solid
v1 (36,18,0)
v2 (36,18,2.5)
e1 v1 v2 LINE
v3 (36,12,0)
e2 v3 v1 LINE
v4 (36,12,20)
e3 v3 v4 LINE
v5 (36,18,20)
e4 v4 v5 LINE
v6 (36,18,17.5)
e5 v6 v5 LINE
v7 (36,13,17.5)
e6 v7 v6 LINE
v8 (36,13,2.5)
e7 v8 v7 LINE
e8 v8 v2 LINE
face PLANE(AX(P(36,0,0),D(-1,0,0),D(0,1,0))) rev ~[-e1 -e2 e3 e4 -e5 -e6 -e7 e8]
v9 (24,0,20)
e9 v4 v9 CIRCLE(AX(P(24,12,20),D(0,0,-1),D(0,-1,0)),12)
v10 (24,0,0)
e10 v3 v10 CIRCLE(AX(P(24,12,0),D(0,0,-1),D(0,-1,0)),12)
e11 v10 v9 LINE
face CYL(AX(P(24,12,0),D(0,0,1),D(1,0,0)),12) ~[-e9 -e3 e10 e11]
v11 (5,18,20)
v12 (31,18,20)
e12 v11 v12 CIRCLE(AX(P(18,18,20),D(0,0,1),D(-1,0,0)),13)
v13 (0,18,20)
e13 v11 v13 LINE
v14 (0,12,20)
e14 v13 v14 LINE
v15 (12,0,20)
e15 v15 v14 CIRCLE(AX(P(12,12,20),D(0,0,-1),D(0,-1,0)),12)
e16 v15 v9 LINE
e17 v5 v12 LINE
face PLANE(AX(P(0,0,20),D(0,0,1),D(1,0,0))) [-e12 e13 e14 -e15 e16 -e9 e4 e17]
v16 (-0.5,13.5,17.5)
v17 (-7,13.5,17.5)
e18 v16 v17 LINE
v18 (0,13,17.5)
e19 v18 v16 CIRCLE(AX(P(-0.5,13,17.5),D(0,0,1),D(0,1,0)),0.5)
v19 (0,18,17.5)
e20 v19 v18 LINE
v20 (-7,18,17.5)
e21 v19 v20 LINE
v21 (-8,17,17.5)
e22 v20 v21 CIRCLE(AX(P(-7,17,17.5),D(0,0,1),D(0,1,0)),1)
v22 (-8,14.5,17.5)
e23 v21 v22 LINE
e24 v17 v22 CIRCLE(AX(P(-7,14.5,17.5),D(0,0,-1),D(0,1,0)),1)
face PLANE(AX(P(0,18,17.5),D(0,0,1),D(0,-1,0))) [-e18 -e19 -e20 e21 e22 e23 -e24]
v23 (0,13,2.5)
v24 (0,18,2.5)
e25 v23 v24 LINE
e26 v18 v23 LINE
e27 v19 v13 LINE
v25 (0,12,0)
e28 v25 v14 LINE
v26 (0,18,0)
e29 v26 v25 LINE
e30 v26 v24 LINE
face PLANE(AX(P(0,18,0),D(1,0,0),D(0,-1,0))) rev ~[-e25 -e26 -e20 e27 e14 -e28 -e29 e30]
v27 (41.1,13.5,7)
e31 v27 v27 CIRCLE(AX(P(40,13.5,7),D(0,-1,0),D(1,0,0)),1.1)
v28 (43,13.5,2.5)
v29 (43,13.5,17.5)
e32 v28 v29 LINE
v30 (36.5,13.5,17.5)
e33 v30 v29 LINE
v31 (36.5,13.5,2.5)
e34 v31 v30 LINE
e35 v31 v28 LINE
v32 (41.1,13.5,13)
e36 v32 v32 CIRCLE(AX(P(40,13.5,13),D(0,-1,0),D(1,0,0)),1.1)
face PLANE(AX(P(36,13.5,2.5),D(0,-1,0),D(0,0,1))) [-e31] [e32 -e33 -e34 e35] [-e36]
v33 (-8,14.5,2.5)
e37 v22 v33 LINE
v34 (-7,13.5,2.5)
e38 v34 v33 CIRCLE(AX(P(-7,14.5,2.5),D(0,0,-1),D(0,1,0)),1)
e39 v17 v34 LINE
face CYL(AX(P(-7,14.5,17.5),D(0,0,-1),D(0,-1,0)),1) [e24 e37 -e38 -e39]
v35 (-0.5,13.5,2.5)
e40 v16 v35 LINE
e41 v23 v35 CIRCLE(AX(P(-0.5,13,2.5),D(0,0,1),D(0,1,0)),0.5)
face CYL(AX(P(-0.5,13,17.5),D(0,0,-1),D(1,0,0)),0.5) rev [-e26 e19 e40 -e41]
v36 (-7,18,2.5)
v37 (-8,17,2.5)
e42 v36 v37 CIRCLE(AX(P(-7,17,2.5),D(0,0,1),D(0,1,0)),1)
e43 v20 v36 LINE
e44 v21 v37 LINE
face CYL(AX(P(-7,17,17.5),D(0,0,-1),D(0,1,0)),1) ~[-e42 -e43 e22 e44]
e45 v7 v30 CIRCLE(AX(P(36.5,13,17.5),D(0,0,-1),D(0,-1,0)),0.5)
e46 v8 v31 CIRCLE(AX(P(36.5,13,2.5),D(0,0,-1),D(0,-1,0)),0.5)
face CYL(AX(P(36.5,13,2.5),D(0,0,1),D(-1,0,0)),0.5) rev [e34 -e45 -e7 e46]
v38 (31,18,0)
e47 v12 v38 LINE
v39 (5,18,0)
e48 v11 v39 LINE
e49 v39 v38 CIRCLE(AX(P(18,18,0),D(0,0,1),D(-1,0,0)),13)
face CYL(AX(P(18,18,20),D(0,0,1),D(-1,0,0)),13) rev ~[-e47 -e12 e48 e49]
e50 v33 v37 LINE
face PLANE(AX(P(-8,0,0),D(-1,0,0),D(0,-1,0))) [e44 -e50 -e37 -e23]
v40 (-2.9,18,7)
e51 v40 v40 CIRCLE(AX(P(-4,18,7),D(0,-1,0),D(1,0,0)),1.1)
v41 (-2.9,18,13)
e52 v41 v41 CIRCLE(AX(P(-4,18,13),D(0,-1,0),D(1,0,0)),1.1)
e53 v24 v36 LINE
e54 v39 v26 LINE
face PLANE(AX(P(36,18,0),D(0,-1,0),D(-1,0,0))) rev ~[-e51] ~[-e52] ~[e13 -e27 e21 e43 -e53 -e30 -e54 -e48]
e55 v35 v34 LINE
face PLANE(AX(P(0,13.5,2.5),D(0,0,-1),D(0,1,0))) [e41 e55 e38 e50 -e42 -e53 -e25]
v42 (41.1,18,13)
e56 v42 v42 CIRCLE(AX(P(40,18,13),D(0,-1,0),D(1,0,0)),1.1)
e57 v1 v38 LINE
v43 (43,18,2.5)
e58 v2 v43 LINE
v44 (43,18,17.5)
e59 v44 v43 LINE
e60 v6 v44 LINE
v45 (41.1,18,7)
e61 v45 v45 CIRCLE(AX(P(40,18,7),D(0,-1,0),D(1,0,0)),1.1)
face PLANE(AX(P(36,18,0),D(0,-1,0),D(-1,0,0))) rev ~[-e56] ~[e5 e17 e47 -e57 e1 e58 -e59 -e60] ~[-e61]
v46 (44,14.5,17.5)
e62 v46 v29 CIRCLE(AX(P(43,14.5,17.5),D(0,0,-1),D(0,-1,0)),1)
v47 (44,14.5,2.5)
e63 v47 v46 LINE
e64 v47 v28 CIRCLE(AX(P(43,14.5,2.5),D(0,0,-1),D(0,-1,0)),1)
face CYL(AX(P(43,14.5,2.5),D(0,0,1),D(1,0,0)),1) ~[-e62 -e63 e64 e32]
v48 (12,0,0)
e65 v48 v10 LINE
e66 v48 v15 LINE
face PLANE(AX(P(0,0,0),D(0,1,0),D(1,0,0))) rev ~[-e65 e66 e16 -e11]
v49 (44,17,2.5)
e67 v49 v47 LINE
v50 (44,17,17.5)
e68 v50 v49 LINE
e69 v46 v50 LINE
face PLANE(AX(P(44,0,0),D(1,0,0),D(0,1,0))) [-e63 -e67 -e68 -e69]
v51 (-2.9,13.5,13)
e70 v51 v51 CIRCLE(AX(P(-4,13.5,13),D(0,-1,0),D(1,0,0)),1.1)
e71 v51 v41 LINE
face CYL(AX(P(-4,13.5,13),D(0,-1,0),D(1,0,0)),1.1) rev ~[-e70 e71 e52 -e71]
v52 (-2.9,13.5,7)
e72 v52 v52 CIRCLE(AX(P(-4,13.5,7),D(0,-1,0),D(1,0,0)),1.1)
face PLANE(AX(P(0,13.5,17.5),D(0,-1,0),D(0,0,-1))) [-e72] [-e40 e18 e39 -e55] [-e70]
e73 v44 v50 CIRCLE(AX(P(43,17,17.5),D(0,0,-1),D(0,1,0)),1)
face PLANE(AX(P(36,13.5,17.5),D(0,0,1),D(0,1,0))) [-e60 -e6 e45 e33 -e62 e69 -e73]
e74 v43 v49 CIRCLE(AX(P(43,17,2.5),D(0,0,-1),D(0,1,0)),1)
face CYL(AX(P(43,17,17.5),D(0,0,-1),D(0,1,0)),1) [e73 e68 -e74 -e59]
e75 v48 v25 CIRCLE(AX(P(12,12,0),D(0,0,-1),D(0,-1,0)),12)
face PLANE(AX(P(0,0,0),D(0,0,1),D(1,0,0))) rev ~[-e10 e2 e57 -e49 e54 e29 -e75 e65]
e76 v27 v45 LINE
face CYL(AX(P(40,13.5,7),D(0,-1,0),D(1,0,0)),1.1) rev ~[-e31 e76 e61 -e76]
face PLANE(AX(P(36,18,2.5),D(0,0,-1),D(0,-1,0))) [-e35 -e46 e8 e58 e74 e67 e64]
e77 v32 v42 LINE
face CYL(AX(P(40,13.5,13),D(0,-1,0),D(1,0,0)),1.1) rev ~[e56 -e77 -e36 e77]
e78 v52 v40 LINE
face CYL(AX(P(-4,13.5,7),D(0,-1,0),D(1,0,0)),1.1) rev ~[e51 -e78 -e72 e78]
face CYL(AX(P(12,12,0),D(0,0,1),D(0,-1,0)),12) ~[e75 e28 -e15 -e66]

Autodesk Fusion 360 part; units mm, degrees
sketch "Sketch1" plane through (0, 0, 0) normal (0, 0, 1) x (1, 0, 0)
  line L0 (0, 0) -> (36, 0)
  line L1 (36, 0) -> (36, 18)
  line L2 (36, 18) -> (0, 18)
  line L3 (0, 18) -> (0, 0)
  dimension "d1" = 36
  dimension "d2" = 18
extrude "Extrude1" add sketch "Sketch1" along normal blind 20
sketch "Sketch2" plane through (0, 0, 20) normal (0, 0, 1) x (-1, 0, 0)
  line L0 (0, -18) -> (0, 0)
  line L1 (0, 0) -> (-36, 0)
  line L2 (-36, 0) -> (-36, -18)
  line L3 (-36, -18) -> (0, -18)
  circle A0 centre (-18, -18) radius 13
  dimension "d5" = 26
extrude "Extrude2" cut sketch "Sketch2" against normal blind 20 contours L3 A0 picked at (-19.0768, -11.2377)
ref_plane "WorkPlane1" through (0, 20, 0) normal (0, 1, 0) x (0, 0, 1)
sketch "Sketch7" plane through (0, 0, 0) normal (0, -1, 0) x (1, 0, 0)
  line L0 (0, 0) -> (36, 0)
  line L1 (36, 20) -> (0, 20)
  line L2 (0, 20) -> (0, 0)
  line L3 (18, 10) -> (18, 23) construction
  line L4 (36, 0) -> (36, 20)
sketch "Sketch6" plane through (36, 0, 0) normal (1, 0, 0) x (0, 1, 0)
  line L0 (0, 0) -> (18, 0)
  line L1 (18, 0) -> (18, 20)
  line L2 (18, 20) -> (0, 20)
  line L3 (0, 20) -> (0, 0)
  line L4 (0, 20) -> (18, 0) construction
  line L5 (0, 0) -> (18, 20) construction
  line L6 (9, 10) -> (18, 10) construction
  line L7 (9, 10) -> (9, 0) construction
  line L8 (9, 10) -> (9, 20) construction
  line L9 (13.5, 17.5) -> (18, 17.5) construction
  line L10 (13.5, 5) -> (13.5, 10) construction
  line L11 (18, 7.5) -> (18, 12.5311)
  line L12 (13.5, 17.5) -> (18, 17.5)
  line L13 (18, 17.5) -> (18, 2.5)
  line L14 (18, 2.5) -> (13.5, 2.5)
  line L15 (13.5, 2.5) -> (13.5, 17.5)
  dimension "d25" = 15
  dimension "d26" = 4.5
  dimension "d34" = 7.5
extrude "Extrude7" add sketch "Sketch6" along normal blind 8 contours L1 L11 L12 L13 L14 L15
sketch "Sketch11" plane through (0, 13.5, 0) normal (0, -1, 0) x (1, 0, 0)
  line L0 (36, 17.5) -> (36, 2.5)
  line L1 (36, 2.5) -> (44, 2.5)
  line L2 (44, 2.5) -> (44, 17.5)
  line L3 (44, 17.5) -> (36, 17.5)
  circle A0 centre (40, 13) radius 1.1
  circle A1 centre (40, 7) radius 1.1
  line L4 (36, 0) -> (36, 20)
  line L5 (36, 20) -> (0, 20)
  line L6 (18, 10) -> (18, 23)
  circle A2 centre (-4, 13) radius 1.1
  circle A3 centre (-4, 7) radius 1.1
  dimension "d30" = 2.2
  dimension "d31" = 2.2
  dimension "d35" = 6
  dimension "d36" = 4
  dimension "d37" = 4
  dimension "d38" = 7
sketch "Sketch12" plane through (0, 0, 0) normal (-1, 0, 0) x (0, -1, 0)
  line L0 (-18, 0) -> (0, 0)
  line L1 (0, 0) -> (0, 20)
  line L2 (0, 20) -> (-18, 20)
  line L3 (-18, 20) -> (-18, 0)
  line L4 (-18, 17.5) -> (-13.5, 17.5)
  line L5 (-13.5, 17.5) -> (-13.5, 2.5)
  line L6 (-13.5, 2.5) -> (-18, 2.5)
  line L7 (-18, 2.5) -> (-18, 17.5)
  line L8 (-18, 10) -> (-8, 10) construction
  dimension "d39" = 15
  dimension "d40" = 7.5
  dimension "d41" = 4.5
extrude "Extrude8" add sketch "Sketch12" along normal blind 8 contours L3 L4 L5 L6 L7
extrude "Extrude9" cut sketch "Sketch11" against normal blind 4.5 contours A0 | A1 | A2 | A3
fillet "Fillet4" radius 0.5 1 edges at (0, 13.5, 10)
fillet "Fillet5" radius 1 2 edges at (-8, 18, 10) (-8, 13.5, 10)
fillet "Fillet6" radius 1 2 edges at (44, 13.5, 10) (44, 18, 10)
fillet "Fillet7" radius 0.5 1 edges at (36, 13.5, 10)
fillet "Fillet9" radius 12 2 edges at (36, 0, 10) (0, 0, 10)
